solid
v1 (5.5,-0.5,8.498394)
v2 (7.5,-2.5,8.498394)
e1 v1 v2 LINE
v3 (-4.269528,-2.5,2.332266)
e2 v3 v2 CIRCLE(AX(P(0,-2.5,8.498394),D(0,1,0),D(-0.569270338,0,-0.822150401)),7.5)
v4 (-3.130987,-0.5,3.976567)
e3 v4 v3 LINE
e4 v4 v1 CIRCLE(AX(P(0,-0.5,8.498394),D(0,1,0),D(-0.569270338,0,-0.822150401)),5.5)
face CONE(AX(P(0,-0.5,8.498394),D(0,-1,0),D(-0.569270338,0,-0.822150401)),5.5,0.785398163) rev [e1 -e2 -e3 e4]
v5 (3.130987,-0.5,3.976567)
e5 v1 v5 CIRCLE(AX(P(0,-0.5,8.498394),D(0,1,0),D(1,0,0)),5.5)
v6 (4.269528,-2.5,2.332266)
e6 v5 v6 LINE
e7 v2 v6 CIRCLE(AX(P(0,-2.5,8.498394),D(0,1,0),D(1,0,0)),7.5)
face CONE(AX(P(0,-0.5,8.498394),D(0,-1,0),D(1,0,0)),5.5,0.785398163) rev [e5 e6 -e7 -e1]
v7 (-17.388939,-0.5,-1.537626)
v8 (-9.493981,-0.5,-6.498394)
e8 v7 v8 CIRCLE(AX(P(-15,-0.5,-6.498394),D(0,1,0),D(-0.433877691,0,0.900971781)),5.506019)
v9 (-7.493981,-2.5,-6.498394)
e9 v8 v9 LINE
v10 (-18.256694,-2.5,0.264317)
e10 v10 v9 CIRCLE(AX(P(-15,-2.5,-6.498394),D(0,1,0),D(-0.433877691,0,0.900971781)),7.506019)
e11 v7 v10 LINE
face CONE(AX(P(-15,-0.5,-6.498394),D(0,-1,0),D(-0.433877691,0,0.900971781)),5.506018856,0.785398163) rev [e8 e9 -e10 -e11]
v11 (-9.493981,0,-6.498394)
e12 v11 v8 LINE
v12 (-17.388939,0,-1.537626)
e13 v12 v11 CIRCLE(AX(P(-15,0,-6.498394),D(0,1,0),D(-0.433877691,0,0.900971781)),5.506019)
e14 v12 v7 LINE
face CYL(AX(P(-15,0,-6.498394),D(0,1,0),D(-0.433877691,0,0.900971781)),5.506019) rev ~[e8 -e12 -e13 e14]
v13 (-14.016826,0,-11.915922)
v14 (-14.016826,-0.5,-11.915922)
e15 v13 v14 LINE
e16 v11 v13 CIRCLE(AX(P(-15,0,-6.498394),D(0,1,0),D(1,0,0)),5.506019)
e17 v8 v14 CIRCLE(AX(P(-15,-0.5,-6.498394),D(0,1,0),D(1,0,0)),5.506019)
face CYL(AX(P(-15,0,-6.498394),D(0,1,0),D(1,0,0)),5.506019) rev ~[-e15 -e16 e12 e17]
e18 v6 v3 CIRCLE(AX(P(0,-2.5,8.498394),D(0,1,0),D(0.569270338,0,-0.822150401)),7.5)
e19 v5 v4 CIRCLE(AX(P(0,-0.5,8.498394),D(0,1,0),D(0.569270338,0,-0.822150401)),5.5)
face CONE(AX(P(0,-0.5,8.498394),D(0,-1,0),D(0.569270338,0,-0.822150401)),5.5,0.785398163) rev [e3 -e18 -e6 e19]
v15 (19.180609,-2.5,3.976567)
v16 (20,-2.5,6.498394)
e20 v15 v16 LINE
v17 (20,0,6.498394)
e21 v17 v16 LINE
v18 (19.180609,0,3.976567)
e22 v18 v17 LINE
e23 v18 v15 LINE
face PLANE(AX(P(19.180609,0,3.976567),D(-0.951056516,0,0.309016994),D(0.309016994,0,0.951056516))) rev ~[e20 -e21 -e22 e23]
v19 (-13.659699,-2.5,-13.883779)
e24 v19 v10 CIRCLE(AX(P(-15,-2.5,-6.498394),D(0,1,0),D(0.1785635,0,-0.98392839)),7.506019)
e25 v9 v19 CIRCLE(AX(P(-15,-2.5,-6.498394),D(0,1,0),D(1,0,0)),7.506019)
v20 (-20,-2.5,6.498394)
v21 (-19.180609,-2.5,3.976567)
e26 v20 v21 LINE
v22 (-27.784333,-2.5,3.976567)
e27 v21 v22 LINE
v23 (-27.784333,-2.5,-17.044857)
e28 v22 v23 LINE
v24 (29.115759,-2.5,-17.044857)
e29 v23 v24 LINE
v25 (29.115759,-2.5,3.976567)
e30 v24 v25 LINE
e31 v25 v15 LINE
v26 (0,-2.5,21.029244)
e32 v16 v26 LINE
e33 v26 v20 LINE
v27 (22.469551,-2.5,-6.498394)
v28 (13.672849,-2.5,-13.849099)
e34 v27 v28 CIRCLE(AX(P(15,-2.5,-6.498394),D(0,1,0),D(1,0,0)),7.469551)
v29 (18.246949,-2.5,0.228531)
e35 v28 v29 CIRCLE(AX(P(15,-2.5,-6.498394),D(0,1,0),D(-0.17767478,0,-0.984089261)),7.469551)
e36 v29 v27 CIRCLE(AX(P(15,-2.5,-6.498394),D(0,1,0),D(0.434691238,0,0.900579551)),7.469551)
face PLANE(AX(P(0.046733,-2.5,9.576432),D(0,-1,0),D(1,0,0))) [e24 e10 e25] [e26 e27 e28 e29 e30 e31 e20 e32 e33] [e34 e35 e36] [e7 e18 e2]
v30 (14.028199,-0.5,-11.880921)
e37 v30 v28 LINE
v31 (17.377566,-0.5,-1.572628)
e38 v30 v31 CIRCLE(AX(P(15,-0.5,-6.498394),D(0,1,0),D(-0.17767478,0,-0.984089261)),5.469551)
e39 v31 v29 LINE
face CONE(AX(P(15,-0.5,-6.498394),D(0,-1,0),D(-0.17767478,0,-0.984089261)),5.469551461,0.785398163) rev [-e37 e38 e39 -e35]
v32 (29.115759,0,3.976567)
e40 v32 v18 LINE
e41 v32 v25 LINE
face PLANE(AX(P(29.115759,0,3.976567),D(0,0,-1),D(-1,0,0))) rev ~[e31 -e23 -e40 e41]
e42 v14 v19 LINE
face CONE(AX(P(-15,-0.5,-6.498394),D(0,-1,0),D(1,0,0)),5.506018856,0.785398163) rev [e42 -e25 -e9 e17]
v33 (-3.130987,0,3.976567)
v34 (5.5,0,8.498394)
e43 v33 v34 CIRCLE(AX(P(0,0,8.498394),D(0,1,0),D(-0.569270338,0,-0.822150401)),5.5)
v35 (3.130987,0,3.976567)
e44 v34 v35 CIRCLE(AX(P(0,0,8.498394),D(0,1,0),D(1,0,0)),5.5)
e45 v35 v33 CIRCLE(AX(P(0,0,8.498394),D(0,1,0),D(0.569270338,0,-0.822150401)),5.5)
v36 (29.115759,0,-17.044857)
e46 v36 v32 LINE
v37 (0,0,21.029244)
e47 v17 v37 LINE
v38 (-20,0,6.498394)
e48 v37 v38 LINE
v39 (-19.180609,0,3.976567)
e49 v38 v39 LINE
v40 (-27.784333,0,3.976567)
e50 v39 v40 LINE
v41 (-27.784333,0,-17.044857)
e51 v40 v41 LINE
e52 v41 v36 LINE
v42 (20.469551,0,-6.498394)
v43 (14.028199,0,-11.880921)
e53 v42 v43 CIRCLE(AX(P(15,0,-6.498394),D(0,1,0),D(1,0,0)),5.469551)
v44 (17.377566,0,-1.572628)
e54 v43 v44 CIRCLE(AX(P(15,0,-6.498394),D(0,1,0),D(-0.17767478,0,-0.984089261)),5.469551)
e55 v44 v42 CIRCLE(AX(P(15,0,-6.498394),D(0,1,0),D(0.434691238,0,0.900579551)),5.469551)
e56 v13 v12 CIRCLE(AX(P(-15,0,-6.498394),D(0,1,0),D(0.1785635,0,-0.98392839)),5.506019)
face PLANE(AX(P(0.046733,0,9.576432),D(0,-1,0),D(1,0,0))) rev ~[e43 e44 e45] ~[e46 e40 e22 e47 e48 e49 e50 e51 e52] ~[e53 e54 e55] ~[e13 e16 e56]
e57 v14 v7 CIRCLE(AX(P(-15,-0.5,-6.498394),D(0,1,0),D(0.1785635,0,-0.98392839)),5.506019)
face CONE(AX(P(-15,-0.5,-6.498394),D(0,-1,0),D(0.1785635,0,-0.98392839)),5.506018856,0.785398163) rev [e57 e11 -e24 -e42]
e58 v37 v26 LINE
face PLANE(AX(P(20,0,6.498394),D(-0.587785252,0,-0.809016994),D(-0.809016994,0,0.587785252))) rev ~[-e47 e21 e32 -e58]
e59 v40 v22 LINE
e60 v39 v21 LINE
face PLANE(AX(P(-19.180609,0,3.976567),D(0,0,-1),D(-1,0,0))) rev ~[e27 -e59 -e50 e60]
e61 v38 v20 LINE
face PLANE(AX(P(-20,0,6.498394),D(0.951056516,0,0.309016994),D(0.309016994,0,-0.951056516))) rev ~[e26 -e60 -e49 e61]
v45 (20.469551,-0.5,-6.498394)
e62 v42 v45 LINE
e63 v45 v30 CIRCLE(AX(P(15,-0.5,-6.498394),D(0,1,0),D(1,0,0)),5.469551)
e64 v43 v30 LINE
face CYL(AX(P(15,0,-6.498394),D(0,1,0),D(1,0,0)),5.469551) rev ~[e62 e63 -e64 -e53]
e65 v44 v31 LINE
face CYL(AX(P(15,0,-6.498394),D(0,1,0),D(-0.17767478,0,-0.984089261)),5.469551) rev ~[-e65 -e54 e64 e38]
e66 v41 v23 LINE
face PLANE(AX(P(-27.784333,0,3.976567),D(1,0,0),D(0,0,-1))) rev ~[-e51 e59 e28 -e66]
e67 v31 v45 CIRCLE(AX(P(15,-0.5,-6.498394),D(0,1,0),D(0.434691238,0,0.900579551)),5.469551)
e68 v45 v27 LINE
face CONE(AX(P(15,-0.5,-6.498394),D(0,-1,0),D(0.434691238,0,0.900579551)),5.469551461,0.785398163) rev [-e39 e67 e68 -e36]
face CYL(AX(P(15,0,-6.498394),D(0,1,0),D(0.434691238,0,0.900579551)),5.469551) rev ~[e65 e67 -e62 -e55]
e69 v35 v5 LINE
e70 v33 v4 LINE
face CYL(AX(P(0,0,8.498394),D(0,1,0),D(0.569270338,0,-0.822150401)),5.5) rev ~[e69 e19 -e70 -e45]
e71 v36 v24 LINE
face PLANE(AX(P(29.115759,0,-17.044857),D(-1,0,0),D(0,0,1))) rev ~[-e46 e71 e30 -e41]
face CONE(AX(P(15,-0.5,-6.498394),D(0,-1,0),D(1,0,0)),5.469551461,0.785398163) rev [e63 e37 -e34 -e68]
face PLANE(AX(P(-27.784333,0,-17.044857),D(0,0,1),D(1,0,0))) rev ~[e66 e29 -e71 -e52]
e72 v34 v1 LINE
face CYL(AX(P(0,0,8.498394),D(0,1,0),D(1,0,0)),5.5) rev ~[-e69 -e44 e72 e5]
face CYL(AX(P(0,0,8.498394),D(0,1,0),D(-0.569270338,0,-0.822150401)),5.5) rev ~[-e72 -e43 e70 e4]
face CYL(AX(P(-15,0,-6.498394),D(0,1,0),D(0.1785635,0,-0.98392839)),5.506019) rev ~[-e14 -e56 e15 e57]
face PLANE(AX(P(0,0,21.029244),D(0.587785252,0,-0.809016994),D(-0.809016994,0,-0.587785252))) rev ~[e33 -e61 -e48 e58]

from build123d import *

# Parameters (mm, degrees)
F1_DEPTH = 2.5
F2_SIZE  = 2


with BuildPart() as f1:
    # F0 (on Front) → F1 (new body)
    with BuildSketch(Plane.XZ):
        with BuildLine():
            Line((20, 6.4983939247), (0, 21.0292444848))
            Line((0, 21.0292444848), (-20, 6.4983939247))
            Line((-20, 6.4983939247), (-19.1806086697, 3.976566717))
            Line((-19.1806086697, 3.976566717), (-3.1309868579, 3.976566717))
            ThreePointArc((-3.1309868579, 3.976566717), (-2.5524079103, 13.3702738348), (5.5, 8.4983939247))
            ThreePointArc((5.5, 8.4983939247), (4.8718799102, 5.9459860143), (3.1309868579, 3.976566717))
            Line((3.1309868579, 3.976566717), (19.1806086697, 3.976566717))
            Line((19.1806086697, 3.976566717), (20, 6.4983939247))
        make_face()
        with BuildLine():
            Line((29.1157588363, 3.976566717), (19.1806086697, 3.976566717))
            Line((19.1806086697, 3.976566717), (17.3775660969, -1.5726277263))
            ThreePointArc((17.3775660969, -1.5726277263), (19.6325054401, -3.5904932157), (20.4695514611, -6.4983939247))
            ThreePointArc((20.4695514611, -6.4983939247), (18.5071837485, -10.6954947502), (14.02819865, -11.8809207775))
            Line((14.02819865, -11.8809207775), (12.360679775, -17.013016167))
            Line((12.360679775, -17.013016167), (-12.360679775, -17.013016167))
            Line((-12.360679775, -17.013016167), (-14.0168260009, -11.9159221924))
            ThreePointArc((-14.0168260009, -11.9159221924), (-20.236535112, -8.1998473226), (-17.388938746, -1.5376263114))
            Line((-17.388938746, -1.5376263114), (-19.1806086697, 3.976566717))
            Line((-19.1806086697, 3.976566717), (-27.784332633, 3.976566717))
            Line((-27.784332633, 3.976566717), (-27.784332633, -17.0448571444))
            Line((-27.784332633, -17.0448571444), (29.1157588363, -17.0448571444))
            Line((29.1157588363, -17.0448571444), (29.1157588363, 3.976566717))
        make_face()
        with BuildLine():
            Line((17.3775660969, -1.5726277263), (19.1806086697, 3.976566717))
            Line((19.1806086697, 3.976566717), (3.1309868579, 3.976566717))
            ThreePointArc((3.1309868579, 3.976566717), (0, 2.9983939247), (-3.1309868579, 3.976566717))
            Line((-3.1309868579, 3.976566717), (-19.1806086697, 3.976566717))
            Line((-19.1806086697, 3.976566717), (-17.388938746, -1.5376263114))
            ThreePointArc((-17.388938746, -1.5376263114), (-12.0706057057, -1.8363243506), (-9.4939811438, -6.4983939247))
            ThreePointArc((-9.4939811438, -6.4983939247), (-10.7733217403, -10.0270529523), (-14.0168260009, -11.9159221924))
            Line((-14.0168260009, -11.9159221924), (-12.360679775, -17.013016167))
            Line((-12.360679775, -17.013016167), (12.360679775, -17.013016167))
            Line((12.360679775, -17.013016167), (14.02819865, -11.8809207775))
            ThreePointArc((14.02819865, -11.8809207775), (9.7981474417, -4.8082095716), (17.3775660969, -1.5726277263))
        make_face()
    extrude(amount=F1_DEPTH)

    # F2
    f2_edges = [f1.edges().sort_by_distance(p)[0] for p in [
        (-3.130987, -2.5, 13.020221),
        (12.622434, -2.5, -11.42416),
        (-20.506019, -2.5, -6.498394),
    ]]
    chamfer(f2_edges, length=F2_SIZE)


solid = f1.part
